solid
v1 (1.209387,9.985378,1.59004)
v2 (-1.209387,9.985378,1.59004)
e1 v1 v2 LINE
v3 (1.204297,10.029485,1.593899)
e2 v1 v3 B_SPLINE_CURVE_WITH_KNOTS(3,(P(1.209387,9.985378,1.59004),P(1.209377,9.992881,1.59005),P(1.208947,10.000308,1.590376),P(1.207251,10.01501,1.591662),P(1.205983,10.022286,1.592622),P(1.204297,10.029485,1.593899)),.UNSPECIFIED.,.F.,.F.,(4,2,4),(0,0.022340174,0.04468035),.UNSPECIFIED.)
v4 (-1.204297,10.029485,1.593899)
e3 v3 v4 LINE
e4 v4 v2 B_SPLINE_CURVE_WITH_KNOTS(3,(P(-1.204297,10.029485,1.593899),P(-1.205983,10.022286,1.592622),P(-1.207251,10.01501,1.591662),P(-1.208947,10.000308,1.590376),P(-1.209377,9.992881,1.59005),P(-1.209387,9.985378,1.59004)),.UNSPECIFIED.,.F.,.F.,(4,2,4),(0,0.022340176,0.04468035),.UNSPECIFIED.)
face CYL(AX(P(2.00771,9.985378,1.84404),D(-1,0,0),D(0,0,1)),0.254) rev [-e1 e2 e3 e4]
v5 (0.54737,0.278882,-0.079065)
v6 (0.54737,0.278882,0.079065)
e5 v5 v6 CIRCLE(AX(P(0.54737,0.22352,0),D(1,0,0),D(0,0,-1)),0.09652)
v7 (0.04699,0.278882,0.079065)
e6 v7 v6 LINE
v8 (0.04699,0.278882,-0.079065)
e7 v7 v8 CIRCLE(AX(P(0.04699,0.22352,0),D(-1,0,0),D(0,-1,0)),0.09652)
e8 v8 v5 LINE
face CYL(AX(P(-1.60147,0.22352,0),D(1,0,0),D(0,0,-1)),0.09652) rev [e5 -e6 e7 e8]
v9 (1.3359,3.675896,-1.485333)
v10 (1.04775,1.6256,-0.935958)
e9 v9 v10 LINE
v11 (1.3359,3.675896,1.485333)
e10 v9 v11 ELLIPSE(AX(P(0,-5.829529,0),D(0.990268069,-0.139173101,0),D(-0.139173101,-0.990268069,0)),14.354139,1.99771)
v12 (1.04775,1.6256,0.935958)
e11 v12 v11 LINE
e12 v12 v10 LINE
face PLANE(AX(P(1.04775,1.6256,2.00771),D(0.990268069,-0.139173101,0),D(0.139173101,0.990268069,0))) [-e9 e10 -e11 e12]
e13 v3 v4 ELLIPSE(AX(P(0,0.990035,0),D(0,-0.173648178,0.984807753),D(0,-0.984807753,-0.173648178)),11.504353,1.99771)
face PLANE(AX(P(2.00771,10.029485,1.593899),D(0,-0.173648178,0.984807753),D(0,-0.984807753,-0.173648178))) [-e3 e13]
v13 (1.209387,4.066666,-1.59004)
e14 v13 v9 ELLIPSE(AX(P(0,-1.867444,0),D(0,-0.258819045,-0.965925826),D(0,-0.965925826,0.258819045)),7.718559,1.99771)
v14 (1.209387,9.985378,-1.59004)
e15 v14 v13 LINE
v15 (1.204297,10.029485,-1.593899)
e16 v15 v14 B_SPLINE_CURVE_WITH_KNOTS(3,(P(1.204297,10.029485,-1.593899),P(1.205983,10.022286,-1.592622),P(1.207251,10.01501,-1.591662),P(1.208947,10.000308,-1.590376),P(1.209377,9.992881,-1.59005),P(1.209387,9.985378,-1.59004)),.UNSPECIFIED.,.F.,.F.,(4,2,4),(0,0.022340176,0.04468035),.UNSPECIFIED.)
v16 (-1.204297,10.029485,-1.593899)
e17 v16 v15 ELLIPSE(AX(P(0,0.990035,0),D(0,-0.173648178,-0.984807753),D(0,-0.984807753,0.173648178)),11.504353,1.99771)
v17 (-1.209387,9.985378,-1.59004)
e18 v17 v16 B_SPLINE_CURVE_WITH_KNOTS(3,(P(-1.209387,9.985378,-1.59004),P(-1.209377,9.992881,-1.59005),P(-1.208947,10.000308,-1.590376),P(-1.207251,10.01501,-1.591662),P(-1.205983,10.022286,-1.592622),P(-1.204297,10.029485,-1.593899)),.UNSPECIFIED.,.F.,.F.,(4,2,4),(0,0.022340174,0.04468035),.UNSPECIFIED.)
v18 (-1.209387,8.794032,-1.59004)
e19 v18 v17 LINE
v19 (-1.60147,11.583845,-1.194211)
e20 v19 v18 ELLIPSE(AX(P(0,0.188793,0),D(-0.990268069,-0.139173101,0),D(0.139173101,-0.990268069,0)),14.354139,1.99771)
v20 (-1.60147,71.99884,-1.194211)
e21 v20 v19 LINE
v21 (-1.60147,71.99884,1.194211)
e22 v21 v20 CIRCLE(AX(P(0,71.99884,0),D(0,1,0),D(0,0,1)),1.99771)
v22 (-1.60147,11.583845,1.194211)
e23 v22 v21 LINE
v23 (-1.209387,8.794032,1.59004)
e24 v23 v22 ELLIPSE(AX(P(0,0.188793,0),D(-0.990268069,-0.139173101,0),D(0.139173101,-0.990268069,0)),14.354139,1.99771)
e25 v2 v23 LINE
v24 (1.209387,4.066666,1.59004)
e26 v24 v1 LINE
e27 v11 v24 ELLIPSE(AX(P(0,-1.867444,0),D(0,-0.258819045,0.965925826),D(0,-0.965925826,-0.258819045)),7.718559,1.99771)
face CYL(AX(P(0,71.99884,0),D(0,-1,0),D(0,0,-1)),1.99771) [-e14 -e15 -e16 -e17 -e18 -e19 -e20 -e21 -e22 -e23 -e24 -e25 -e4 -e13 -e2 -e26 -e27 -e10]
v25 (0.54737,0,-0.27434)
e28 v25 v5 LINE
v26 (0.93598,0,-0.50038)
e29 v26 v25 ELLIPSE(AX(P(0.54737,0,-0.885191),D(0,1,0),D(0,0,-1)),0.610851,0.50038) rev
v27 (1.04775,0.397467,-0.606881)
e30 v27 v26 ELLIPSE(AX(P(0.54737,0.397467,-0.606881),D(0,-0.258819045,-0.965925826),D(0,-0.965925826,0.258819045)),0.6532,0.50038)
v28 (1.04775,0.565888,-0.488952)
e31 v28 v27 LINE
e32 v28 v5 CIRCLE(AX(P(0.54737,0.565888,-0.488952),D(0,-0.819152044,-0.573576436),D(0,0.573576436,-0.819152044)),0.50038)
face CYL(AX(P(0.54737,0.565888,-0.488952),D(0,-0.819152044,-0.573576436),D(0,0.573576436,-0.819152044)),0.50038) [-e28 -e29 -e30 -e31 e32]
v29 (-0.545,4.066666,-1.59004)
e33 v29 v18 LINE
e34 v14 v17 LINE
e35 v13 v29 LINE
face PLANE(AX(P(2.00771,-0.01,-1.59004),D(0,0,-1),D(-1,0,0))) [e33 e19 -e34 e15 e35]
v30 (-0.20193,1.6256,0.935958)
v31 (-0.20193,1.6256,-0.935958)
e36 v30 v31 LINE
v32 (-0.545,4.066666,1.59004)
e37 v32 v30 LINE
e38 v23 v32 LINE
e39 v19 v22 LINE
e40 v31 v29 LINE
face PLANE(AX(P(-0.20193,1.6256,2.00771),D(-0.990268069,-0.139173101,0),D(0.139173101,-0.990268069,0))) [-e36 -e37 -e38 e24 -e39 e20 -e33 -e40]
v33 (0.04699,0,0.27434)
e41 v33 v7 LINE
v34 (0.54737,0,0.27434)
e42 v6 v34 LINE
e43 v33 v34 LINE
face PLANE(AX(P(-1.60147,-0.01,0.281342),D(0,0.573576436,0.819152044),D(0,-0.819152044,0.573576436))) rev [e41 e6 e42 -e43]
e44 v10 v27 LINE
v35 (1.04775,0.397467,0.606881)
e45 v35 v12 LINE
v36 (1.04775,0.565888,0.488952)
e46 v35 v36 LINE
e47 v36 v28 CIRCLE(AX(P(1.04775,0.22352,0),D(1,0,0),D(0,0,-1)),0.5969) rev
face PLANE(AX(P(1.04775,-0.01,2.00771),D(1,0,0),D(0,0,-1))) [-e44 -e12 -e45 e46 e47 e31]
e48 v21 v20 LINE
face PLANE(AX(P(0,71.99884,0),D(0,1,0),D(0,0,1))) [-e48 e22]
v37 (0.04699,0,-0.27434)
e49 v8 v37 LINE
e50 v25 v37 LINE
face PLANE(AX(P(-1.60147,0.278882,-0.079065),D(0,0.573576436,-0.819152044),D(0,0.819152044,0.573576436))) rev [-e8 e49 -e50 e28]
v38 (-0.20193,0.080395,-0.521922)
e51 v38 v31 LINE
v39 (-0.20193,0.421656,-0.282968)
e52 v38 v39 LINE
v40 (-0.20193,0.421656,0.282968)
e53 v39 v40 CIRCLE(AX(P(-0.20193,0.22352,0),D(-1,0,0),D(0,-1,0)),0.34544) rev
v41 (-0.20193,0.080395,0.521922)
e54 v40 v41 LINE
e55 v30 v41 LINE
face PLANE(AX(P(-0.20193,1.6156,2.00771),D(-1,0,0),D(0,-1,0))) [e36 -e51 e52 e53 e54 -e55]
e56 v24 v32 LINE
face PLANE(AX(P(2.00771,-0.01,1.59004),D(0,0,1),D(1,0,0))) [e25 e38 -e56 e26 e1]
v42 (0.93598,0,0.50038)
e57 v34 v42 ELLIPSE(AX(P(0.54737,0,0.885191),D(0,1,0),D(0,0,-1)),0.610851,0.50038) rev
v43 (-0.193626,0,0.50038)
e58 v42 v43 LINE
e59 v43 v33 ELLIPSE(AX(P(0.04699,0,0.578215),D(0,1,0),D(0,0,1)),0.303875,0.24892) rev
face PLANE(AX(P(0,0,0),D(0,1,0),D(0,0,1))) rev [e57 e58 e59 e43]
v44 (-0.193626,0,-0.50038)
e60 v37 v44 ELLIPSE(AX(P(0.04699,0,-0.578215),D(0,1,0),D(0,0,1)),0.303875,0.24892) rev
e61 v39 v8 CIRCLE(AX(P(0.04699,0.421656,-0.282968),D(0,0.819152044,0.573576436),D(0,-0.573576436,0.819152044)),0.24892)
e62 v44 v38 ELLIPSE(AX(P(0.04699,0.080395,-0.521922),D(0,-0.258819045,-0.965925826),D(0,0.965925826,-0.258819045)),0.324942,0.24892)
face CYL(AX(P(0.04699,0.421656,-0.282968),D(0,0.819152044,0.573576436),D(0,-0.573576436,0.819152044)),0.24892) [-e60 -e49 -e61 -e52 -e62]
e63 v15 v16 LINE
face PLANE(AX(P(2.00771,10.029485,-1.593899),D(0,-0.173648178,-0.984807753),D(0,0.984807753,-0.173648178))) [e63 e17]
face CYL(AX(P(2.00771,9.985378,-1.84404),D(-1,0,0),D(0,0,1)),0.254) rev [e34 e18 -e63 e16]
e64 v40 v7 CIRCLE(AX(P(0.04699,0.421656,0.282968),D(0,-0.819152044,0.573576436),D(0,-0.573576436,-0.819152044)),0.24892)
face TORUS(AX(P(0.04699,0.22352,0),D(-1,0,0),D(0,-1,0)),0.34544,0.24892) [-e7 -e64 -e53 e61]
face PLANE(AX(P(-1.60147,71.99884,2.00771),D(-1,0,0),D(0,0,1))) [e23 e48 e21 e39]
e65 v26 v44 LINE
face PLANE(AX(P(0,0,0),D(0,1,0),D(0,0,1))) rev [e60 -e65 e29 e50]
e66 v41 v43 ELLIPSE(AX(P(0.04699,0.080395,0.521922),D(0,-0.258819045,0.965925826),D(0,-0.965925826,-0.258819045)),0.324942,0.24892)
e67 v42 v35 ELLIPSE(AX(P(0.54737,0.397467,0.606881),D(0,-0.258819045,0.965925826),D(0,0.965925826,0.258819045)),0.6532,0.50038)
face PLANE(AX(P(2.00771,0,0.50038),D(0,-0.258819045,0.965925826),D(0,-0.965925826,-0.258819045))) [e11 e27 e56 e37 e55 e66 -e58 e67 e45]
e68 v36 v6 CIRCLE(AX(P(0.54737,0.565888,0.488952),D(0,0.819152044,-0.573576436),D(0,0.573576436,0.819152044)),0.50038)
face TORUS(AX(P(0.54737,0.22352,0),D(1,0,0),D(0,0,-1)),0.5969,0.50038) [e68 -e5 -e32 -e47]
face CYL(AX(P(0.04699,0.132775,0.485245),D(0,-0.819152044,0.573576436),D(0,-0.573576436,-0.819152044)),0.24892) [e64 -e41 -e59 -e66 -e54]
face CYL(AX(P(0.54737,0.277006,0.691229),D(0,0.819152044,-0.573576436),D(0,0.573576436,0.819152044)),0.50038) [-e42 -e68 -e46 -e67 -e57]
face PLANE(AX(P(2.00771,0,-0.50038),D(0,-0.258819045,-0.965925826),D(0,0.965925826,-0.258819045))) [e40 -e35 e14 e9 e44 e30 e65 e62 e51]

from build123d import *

# Parameters (mm, degrees)
SKETCH_TL_CUTTING_R    = 1.99771
TL_CUTTING_DEPTH       = 71.99884
SKETCH_TDF_CUTTING_W   = 4.01541996
SKETCH_TDF_CUTTING_H   = 4.01541996
TDF_CUTTING_DEPTH      = 73.054247979
VW_VR_GRINDING_DEPTH   = 2.00770998
VW_VR_GRINDING_2_DEPTH = 2.00770998
ISA_GRINDING_DEPTH     = 2.00770998
SKETCH_PRE_FRX_BRX_W   = 0.93996002
SKETCH_PRE_FRX_BRX_H   = 1.6256
SKETCH_PRE_FRX_BRX_W_2 = 1.81577996
PRE_FRX_BRX_DEPTH      = 2.00770998
FA_BA_GRINDING_DEPTH   = 2.00770998
BR_EDM_R               = 0.24892
FR_EDM_R               = 0.50038


with BuildPart() as part:
    # sketch_TL_cutting → TL_cutting (new body)
    with BuildSketch(Plane(origin=(0, 0, 0), x_dir=(1, 0, 0), z_dir=(0, 1, 0))):
        with Locations(Location((0, 0, 0), (0, 0, 270))):
            Circle(SKETCH_TL_CUTTING_R)
    extrude(amount=TL_CUTTING_DEPTH)

    # sketch_TDF_cutting → TDF_cutting (cut, through all)
    with BuildSketch(Plane(origin=(0, 0, 0), x_dir=(1, 0, 0), z_dir=(0, 1, 0))):
        with Locations((-3.60917998, 0)):
            Rectangle(SKETCH_TDF_CUTTING_W, SKETCH_TDF_CUTTING_H)
    extrude(amount=TDF_CUTTING_DEPTH, mode=Mode.SUBTRACT)


with BuildPart() as body_2:
    # sketch_VW_VR_grinding → VW_VR_grinding (new, symmetric)
    with BuildSketch(Plane(origin=(0, 0, 0), x_dir=(0, 0, -1), z_dir=(1, 0, 0))):
        with BuildLine():
            Line((-1.59004, -0.00999998), (-1.59004, 9.985377879))
            ThreePointArc((-1.59004, 9.985377879), (-1.591006547, 10.007515438), (-1.593898831, 10.029484517))
            Line((-1.593898831, 10.029484517), (-2.01770996, 12.433036869))
            Line((-2.01770996, 12.433036869), (-2.00770998, -0.00999998))
            Line((-2.00770998, -0.00999998), (-1.59004, -0.00999998))
        make_face()
    extrude(amount=VW_VR_GRINDING_DEPTH, both=True)


with BuildPart() as body_3:
    # sketch_VW_VR_grinding → VW_VR_grinding 2 (new, symmetric)
    with BuildSketch(Plane(origin=(0, 0, 0), x_dir=(0, 0, -1), z_dir=(1, 0, 0))):
        with BuildLine():
            Line((1.59004, -0.00999998), (1.59004, 9.985377879))
            ThreePointArc((1.59004, 9.985377879), (1.591006547, 10.007515438), (1.593898831, 10.029484517))
            Line((1.593898831, 10.029484517), (2.01770996, 12.433036869))
            Line((2.01770996, 12.433036869), (2.00770998, -0.00999998))
            Line((2.00770998, -0.00999998), (1.59004, -0.00999998))
        make_face()
    extrude(amount=VW_VR_GRINDING_2_DEPTH, both=True)


    add(body_2.part)  # ISA_grinding merges body 2
    # sketch_ISA_grinding → ISA_grinding (add, symmetric)
    with BuildSketch(Plane(origin=(0, 0, 0), x_dir=(0, 0, -1), z_dir=(1, 0, 0))):
        Polygon((-0.50038, 0), (0.50038, 0), (2.00770998, 5.625432069), (2.00770998, -0.02999994), (-2.00770998, -0.02999994), (-2.00770998, 5.625432069), align=None)
    extrude(amount=ISA_GRINDING_DEPTH, both=True)

    # sketch_pre_FRX_BRX → pre_FRX_BRX (add, symmetric)
    with BuildSketch(Plane.XY):
        with Locations((1.52772999, 0.80280002)):
            Rectangle(SKETCH_PRE_FRX_BRX_W, SKETCH_PRE_FRX_BRX_H)
        with Locations((-1.10981998, 0.80280002)):
            Rectangle(SKETCH_PRE_FRX_BRX_W_2, SKETCH_PRE_FRX_BRX_H)
    extrude(amount=PRE_FRX_BRX_DEPTH, both=True)

    # sketch_FA_BA_grinding → FA_BA_grinding (add, symmetric)
    with BuildSketch(Plane.XY):
        Polygon((1.04775, -0.00999998), (1.04775, 1.6256), (2.12471, 9.288568576), (2.12471, -0.00999998), align=None)
        Polygon((-0.20193, -0.00999998), (-0.20193, 1.6256), (-1.72847, 12.487496496), (-1.72847, -0.00999998), align=None)
    extrude(amount=FA_BA_GRINDING_DEPTH, both=True)


with BuildPart() as part_1:
    add(part.part)

    # B1_fix: cut body 3
    add(body_3.part, mode=Mode.SUBTRACT)

    # V-Groove_EDM: sweep along a path in sketch_contour_V-Groove
    with BuildLine(Plane.XY) as v_groove_edm_path:
        Line((-1.60147, 0.32004), (1.99771, 0.32004))
    # sketch_section_V-Groove → V-Groove_EDM (sweep, cut)
    with BuildSketch(Plane(origin=(-1.60147, 0, -1.2954), x_dir=(0, 0, -1), z_dir=(1, 0, 0))):
        with BuildLine():
            Line((-1.216335445, 0.278881598), (-1.014058386, -0.00999998))
            Line((-1.014058386, -0.00999998), (-1.576741614, -0.00999998))
            Line((-1.576741614, -0.00999998), (-1.374464555, 0.278881598))
            ThreePointArc((-1.374464555, 0.278881598), (-1.2954, 0.32004), (-1.216335445, 0.278881598))
        make_face()
    sweep(path=v_groove_edm_path.line, mode=Mode.SUBTRACT)

    # BR_EDM
    br_edm_edges = [part_1.edges().sort_by_distance(p)[0] for p in [
        (-0.20193, 0.32004, 0),
        (-0.20193, 0.139440799, -0.176702054),
        (-0.20193, 0.139440799, 0.176702054),
    ]]
    fillet(br_edm_edges, radius=BR_EDM_R)

    # FR_EDM
    fr_edm_edges = [part_1.edges().sort_by_distance(p)[0] for p in [
        (1.04775, 0.139440799, -0.176702054),
        (1.04775, 0.139440799, 0.176702054),
        (1.04775, 0.32004, 0),
    ]]
    fillet(fr_edm_edges, radius=FR_EDM_R)


solid = part_1.part
